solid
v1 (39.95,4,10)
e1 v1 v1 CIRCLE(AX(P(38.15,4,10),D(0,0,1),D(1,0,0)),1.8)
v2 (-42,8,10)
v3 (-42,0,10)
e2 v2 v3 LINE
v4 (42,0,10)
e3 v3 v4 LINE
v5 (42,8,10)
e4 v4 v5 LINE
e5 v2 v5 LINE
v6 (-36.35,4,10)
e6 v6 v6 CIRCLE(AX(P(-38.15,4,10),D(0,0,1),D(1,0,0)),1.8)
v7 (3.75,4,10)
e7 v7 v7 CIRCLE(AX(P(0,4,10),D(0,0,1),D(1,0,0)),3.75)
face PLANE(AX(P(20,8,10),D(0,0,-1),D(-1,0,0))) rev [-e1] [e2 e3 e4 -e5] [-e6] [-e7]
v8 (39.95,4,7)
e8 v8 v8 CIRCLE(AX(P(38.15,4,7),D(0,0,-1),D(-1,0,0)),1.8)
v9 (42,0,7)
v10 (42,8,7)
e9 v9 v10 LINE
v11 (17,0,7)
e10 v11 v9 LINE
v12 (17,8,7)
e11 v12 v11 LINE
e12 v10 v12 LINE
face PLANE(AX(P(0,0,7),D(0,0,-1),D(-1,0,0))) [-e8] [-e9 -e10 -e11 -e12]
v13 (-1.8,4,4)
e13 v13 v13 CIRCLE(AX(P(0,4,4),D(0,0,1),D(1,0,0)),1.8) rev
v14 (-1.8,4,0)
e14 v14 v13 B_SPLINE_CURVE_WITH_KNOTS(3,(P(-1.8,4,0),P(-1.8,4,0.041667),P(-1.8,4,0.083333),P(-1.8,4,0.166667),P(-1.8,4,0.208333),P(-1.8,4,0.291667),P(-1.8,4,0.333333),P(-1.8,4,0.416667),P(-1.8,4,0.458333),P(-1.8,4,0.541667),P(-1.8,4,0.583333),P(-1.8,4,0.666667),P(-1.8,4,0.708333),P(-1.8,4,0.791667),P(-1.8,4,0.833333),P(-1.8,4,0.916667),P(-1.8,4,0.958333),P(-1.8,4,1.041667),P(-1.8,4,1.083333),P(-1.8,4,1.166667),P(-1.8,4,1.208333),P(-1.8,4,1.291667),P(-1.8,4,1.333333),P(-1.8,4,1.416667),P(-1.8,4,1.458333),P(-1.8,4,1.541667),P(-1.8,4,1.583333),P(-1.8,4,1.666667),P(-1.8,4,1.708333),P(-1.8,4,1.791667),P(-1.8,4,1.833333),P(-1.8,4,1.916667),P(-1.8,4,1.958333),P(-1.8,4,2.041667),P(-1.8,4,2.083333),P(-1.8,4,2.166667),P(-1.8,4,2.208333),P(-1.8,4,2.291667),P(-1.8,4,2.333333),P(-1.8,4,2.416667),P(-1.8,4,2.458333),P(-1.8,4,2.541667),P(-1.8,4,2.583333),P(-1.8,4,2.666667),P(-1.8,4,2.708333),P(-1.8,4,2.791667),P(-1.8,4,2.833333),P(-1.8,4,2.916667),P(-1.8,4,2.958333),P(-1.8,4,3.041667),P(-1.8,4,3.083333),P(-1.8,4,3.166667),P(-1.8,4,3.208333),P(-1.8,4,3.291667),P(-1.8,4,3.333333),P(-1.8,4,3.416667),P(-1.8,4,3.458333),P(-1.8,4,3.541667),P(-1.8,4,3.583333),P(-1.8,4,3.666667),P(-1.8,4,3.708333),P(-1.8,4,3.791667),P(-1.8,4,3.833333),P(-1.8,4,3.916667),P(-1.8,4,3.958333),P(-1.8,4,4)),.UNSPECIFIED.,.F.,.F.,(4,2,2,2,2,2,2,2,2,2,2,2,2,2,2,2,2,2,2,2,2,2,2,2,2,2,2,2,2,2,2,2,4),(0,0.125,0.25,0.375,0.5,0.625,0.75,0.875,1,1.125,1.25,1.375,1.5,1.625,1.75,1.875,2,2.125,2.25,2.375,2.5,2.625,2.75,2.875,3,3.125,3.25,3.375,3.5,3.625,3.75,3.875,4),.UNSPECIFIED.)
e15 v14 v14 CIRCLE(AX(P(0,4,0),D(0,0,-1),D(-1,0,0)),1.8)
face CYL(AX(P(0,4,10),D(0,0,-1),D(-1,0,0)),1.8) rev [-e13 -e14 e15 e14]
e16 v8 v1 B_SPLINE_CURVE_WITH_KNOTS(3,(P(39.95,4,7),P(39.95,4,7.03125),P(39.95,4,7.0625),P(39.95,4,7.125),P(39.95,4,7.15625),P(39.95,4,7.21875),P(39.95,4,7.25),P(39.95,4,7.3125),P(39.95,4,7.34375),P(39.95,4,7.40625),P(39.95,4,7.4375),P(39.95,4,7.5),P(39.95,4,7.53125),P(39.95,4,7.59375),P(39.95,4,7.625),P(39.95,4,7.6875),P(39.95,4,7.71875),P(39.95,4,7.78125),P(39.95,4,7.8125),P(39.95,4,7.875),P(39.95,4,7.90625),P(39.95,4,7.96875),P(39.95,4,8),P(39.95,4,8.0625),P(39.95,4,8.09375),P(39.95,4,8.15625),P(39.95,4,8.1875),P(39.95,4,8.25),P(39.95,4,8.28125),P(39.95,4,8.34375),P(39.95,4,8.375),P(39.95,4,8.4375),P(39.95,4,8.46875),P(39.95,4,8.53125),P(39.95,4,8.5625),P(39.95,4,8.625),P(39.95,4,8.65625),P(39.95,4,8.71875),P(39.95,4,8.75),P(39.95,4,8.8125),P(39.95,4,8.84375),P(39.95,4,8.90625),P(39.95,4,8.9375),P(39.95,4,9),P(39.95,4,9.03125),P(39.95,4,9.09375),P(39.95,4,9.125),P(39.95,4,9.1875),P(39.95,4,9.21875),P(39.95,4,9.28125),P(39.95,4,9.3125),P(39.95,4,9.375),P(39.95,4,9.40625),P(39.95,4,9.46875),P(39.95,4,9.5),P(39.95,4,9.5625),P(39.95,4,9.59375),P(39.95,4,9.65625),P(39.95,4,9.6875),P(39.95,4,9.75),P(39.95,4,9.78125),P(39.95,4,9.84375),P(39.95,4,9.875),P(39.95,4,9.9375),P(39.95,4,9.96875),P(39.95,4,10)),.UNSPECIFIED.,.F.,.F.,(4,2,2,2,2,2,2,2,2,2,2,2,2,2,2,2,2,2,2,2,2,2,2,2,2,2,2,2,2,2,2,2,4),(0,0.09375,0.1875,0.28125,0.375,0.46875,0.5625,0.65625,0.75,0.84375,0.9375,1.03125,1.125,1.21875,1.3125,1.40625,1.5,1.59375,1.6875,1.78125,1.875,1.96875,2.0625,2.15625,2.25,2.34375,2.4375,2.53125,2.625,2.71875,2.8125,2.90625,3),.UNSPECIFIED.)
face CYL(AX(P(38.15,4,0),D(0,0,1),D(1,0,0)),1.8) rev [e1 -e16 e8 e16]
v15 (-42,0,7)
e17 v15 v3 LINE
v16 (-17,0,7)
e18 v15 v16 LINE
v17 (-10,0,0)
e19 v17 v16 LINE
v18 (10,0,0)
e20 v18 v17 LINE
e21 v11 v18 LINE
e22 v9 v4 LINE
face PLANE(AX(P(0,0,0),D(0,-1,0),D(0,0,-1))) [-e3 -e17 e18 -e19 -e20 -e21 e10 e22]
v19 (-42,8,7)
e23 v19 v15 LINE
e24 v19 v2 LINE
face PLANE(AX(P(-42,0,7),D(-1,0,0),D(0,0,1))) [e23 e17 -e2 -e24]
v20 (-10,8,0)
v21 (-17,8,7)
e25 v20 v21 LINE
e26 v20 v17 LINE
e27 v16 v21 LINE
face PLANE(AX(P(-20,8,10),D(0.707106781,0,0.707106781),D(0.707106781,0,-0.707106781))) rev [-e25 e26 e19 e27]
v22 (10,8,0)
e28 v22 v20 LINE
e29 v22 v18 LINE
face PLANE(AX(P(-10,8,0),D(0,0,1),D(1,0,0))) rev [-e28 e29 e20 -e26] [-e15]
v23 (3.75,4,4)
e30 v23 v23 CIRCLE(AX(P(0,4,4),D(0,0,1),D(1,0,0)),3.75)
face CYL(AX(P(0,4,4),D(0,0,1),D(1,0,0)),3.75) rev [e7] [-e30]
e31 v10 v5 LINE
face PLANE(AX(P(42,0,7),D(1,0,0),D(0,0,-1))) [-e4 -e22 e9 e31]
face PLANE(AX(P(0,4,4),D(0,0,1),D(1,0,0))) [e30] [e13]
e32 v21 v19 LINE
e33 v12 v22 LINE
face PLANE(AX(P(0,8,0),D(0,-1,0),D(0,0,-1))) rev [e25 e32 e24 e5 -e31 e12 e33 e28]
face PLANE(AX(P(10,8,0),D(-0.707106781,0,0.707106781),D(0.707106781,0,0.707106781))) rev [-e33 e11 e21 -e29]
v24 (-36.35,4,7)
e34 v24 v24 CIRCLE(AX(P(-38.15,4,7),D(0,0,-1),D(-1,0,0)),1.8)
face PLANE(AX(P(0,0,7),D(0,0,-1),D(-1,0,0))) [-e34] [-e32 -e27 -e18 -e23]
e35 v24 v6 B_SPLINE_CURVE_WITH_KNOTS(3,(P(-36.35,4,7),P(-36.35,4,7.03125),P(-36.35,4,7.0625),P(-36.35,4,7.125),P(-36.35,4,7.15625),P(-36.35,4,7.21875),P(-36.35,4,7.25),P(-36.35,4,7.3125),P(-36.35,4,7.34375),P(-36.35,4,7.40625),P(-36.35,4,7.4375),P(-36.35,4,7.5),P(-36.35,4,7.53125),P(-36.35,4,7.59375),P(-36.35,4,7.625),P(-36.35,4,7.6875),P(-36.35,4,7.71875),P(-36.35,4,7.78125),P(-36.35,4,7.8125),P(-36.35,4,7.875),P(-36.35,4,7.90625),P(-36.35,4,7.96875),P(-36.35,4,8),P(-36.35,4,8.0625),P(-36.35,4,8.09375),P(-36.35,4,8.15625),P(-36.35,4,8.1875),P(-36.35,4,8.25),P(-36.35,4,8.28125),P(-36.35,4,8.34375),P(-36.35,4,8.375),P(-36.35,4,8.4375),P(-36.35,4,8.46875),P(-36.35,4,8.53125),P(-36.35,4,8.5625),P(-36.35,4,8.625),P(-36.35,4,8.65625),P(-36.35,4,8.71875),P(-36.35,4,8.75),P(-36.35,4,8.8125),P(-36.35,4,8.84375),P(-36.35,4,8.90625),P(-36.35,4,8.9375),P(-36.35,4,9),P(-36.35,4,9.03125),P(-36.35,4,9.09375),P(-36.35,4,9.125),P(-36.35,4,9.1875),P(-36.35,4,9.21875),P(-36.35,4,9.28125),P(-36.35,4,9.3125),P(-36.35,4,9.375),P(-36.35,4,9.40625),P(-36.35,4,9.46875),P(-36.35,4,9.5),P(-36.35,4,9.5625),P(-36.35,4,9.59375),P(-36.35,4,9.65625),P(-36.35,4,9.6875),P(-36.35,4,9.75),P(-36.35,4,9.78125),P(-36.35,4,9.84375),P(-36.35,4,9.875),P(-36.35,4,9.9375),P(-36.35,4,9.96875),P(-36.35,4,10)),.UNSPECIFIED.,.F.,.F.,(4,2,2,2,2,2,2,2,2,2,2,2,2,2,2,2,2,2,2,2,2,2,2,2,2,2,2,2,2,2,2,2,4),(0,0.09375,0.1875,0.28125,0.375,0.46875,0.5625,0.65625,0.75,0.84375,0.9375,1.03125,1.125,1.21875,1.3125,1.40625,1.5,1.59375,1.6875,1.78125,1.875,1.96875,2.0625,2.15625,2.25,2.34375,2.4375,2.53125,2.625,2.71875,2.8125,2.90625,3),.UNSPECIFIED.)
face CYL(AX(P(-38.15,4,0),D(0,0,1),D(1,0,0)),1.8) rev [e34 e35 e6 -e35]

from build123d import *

# Parameters (mm, degrees)
BOSS_EXTRUDE1_DEPTH = 8
SKETCH3_W           = 84
SKETCH3_H           = 8
BOSS_EXTRUDE3_DEPTH = 3
SKETCH4_R           = 1.8
CUT_EXTRUDE1_DEPTH  = 44.9089968
SKETCH5_R           = 1.8
CUT_EXTRUDE2_DEPTH  = 44.9089968
SKETCH6_R           = 3.75
CUT_EXTRUDE3_DEPTH  = 6


with BuildPart() as part:
    # Sketch2 → Boss-Extrude1 (new body)
    with BuildSketch(Plane(origin=(0, 0, 0), x_dir=(1, 0, 0), z_dir=(0, 1, 0))):
        Polygon((-10, 0), (10, 0), (20, -10), (-20, -10), align=None)
    extrude(amount=BOSS_EXTRUDE1_DEPTH)

    # Sketch3 → Boss-Extrude3 (add)
    with BuildSketch(Plane.XY.offset(10)):
        with Locations((0, 4)):
            Rectangle(SKETCH3_W, SKETCH3_H)
    extrude(amount=-BOSS_EXTRUDE3_DEPTH)

    # Sketch4 → Cut-Extrude1 (cut, through all)
    with BuildSketch(Plane.XY.offset(10)):
        with Locations((-38.15, 4)):
            Circle(SKETCH4_R)
        with Locations((38.15, 4)):
            Circle(SKETCH4_R)
    extrude(amount=-CUT_EXTRUDE1_DEPTH, mode=Mode.SUBTRACT)

    # Sketch5 → Cut-Extrude2 (cut, through all)
    with BuildSketch(Plane(origin=(0, 0, 0), x_dir=(-1, 0, 0), z_dir=(0, 0, -1))):
        with Locations((0, 4)):
            Circle(SKETCH5_R)
    extrude(amount=-CUT_EXTRUDE2_DEPTH, mode=Mode.SUBTRACT)

    # Sketch6 → Cut-Extrude3 (cut)
    with BuildSketch(Plane.XY.offset(10)):
        with Locations((0, 4)):
            Circle(SKETCH6_R)
    extrude(amount=-CUT_EXTRUDE3_DEPTH, mode=Mode.SUBTRACT)


solid = part.part
